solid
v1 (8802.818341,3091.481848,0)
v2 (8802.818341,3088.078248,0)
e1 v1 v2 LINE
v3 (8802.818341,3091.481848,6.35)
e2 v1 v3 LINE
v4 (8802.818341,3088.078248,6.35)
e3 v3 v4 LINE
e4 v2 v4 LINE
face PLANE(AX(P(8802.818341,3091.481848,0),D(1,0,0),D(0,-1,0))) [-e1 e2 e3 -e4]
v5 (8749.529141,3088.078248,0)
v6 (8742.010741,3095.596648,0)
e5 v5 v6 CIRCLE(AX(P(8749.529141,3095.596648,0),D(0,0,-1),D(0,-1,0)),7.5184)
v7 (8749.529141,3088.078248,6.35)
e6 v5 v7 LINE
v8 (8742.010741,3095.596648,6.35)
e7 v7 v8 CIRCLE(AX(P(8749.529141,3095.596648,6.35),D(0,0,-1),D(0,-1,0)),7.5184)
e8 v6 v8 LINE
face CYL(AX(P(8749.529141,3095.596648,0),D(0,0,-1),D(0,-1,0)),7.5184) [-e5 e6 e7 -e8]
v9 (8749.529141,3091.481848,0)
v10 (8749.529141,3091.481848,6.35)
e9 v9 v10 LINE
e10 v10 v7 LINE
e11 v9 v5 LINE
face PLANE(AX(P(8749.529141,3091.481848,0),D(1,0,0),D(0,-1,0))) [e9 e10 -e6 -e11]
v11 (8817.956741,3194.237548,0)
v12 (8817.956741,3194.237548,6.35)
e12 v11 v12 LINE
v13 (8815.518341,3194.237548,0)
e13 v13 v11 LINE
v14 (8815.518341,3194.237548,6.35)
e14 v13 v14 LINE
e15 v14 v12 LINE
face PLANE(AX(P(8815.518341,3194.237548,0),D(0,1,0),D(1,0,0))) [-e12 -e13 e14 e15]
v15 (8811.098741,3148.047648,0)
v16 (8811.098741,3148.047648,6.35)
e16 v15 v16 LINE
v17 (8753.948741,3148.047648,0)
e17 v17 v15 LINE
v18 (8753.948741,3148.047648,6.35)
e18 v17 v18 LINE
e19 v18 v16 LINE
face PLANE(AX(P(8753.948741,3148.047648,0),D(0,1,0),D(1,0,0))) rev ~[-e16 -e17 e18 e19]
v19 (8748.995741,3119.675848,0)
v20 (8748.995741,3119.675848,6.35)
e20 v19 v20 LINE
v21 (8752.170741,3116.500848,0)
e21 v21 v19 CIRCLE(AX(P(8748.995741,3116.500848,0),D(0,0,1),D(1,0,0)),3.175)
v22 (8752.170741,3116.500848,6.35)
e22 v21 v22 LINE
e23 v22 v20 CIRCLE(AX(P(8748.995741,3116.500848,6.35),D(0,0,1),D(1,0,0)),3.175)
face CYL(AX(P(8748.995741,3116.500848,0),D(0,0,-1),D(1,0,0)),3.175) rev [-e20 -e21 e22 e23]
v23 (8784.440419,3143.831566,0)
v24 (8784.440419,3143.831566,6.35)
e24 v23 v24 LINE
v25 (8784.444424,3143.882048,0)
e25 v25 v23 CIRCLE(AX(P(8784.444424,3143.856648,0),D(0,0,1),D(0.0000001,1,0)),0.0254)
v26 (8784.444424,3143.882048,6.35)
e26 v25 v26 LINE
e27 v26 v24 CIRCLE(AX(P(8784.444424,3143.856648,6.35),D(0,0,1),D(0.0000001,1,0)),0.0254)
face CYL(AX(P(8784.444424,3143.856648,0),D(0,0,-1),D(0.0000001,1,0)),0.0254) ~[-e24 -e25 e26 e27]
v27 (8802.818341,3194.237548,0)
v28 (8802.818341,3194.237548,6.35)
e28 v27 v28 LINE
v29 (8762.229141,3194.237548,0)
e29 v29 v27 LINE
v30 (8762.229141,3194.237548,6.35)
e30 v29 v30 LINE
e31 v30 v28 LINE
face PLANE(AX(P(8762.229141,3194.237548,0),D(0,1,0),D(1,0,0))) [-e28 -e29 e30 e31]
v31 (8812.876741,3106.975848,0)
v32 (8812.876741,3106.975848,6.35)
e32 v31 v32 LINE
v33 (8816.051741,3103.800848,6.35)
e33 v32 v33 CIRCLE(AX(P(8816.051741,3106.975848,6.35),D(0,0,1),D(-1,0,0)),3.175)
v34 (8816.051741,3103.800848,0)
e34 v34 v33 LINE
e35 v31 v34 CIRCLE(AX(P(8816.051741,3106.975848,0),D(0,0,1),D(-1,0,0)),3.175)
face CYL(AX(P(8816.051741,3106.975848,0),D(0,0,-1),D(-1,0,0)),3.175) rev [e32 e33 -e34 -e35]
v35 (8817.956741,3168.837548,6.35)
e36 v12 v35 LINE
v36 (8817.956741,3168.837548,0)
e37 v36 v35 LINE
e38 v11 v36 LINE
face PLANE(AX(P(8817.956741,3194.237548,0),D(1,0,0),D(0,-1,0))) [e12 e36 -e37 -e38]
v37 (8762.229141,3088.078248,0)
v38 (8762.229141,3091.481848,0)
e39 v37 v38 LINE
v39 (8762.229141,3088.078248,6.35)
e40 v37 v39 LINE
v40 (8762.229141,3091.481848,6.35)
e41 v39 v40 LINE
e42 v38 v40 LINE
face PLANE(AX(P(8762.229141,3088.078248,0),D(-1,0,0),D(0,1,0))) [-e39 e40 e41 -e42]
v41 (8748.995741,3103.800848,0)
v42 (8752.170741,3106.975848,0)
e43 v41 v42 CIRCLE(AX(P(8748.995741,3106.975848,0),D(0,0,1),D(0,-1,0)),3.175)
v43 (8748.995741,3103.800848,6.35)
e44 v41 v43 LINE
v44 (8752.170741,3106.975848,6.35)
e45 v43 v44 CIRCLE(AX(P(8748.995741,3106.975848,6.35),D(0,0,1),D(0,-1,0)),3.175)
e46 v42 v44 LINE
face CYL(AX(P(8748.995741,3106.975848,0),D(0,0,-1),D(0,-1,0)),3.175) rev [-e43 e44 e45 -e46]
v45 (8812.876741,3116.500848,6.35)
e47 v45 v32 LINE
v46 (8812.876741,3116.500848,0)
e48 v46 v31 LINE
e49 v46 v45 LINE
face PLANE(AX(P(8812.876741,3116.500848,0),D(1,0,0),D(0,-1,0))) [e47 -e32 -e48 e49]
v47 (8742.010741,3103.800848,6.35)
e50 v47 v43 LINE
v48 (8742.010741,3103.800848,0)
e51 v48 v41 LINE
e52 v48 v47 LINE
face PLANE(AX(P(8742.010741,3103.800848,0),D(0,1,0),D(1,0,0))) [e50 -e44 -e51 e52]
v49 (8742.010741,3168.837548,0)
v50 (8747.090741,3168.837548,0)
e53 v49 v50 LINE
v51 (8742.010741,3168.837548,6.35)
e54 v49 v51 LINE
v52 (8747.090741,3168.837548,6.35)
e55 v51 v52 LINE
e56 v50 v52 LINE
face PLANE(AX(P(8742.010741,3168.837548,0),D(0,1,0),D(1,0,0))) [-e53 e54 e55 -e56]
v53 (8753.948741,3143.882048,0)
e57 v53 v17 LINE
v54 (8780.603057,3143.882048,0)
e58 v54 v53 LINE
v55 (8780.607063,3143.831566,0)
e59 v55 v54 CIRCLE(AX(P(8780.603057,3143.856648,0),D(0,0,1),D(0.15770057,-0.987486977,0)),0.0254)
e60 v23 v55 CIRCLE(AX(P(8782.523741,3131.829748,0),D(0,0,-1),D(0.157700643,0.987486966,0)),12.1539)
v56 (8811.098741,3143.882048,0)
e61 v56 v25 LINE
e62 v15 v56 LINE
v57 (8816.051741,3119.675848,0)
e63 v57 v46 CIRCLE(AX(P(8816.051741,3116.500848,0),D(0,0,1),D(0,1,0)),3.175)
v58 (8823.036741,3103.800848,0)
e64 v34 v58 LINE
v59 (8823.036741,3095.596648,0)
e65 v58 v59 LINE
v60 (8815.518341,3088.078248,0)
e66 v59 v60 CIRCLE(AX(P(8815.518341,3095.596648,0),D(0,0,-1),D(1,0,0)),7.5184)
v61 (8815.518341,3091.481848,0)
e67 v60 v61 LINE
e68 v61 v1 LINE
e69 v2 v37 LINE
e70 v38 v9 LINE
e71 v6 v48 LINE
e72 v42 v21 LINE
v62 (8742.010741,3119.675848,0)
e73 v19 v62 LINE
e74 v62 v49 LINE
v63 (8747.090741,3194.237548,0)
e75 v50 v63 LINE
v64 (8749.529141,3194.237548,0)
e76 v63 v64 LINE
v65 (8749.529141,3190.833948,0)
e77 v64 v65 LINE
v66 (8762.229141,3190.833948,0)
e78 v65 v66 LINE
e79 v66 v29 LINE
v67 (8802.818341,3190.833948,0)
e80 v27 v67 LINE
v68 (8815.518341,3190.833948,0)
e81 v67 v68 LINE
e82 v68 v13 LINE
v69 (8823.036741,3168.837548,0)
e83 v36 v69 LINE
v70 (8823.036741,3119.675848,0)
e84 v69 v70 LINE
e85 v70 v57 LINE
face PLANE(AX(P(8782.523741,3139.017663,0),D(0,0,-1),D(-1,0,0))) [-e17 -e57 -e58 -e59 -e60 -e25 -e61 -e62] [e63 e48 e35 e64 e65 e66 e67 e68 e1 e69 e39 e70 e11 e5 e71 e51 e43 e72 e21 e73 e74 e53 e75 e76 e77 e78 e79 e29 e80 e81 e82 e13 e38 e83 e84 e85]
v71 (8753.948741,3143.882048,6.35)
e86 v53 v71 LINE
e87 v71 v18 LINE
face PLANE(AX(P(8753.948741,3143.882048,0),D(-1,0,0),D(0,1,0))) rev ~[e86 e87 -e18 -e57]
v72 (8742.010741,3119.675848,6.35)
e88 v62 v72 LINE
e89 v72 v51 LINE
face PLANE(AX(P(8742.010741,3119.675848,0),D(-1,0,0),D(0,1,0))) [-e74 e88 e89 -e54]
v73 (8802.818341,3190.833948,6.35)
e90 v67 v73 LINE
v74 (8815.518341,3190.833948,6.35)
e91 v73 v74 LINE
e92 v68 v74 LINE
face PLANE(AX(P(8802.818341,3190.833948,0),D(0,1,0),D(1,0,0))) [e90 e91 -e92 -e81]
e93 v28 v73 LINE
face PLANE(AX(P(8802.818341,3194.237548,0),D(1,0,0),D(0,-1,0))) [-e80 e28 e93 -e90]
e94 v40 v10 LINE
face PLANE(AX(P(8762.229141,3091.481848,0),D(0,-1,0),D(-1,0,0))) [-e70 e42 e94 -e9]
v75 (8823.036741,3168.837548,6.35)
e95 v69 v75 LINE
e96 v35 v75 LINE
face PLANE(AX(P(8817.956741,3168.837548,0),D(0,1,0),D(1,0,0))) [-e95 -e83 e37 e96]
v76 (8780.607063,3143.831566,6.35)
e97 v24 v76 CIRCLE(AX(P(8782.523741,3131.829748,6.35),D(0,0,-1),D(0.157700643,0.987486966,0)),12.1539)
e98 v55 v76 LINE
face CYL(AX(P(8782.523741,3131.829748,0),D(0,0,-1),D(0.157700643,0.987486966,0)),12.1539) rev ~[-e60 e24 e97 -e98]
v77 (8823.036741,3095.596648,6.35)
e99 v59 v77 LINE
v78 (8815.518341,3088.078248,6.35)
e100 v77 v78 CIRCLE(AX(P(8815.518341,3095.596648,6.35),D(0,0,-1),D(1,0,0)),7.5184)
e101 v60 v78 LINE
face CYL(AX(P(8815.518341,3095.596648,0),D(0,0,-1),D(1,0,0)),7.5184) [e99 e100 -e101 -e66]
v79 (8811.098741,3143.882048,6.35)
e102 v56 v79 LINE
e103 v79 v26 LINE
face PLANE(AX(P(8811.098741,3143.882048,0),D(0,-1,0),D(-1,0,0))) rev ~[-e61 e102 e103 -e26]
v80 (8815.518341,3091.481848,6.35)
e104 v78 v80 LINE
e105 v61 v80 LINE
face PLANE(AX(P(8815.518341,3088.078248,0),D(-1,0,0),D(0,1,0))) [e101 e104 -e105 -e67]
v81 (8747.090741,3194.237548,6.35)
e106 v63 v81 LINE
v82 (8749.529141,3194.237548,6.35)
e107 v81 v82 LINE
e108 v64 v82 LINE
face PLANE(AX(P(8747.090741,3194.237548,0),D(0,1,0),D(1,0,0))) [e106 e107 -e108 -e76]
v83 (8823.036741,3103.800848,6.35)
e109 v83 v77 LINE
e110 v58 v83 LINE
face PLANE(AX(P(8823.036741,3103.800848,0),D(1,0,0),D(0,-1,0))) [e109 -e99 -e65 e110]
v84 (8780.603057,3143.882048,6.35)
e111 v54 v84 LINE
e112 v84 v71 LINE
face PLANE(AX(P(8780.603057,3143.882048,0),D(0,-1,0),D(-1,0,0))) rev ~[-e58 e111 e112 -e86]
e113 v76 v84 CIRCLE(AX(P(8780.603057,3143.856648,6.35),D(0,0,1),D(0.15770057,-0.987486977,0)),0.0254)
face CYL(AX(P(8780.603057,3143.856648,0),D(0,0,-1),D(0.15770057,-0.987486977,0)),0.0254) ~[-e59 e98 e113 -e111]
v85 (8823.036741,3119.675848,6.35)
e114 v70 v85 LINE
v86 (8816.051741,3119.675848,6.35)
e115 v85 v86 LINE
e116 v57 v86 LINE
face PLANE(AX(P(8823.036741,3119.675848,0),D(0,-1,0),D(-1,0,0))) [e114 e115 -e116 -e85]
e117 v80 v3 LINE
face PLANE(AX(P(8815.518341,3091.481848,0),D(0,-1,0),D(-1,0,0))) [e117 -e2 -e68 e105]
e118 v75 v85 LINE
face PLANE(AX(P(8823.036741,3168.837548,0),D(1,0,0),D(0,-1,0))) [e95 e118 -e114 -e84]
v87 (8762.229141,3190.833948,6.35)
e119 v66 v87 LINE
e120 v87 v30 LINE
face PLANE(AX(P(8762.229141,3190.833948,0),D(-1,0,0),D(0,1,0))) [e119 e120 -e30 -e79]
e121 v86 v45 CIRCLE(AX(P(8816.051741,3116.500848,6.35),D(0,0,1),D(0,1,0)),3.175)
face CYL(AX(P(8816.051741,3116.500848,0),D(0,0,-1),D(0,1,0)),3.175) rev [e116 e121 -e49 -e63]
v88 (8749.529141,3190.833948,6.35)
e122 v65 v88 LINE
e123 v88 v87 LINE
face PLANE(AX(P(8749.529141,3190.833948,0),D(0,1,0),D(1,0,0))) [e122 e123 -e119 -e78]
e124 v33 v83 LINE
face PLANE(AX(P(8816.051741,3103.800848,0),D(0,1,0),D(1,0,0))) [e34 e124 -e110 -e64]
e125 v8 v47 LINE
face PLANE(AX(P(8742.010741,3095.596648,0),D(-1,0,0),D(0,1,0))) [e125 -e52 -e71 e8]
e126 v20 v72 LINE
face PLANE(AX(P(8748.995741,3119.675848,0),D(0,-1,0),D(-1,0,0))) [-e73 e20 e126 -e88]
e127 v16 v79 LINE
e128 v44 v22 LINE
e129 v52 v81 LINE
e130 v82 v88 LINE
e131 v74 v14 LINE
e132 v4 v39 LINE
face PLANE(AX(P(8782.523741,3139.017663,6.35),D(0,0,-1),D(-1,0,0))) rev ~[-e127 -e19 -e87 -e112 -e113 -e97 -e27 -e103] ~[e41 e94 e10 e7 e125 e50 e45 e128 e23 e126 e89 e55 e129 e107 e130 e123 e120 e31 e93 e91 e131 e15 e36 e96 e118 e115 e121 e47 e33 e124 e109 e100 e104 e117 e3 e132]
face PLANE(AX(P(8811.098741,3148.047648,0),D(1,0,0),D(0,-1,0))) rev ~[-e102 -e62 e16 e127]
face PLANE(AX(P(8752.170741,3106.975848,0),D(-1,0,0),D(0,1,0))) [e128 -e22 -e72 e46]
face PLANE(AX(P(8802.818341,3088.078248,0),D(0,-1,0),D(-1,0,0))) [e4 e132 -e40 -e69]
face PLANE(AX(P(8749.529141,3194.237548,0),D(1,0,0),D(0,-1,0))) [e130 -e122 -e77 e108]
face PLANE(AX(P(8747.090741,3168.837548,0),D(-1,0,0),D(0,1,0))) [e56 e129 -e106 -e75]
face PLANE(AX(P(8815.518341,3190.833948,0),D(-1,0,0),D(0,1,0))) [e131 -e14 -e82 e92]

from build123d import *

# Parameters (mm, degrees)
BOSS_EXTRUDE1_DEPTH = 6.35


with BuildPart() as part:
    # Sketch1 → Boss-Extrude1 (new body)
    with BuildSketch(Plane.XY):
        with BuildLine():
            Line((8823.036740753, 3168.83754785), (8823.036740753, 3119.67584785))
            Line((8823.036740753, 3119.67584785), (8816.051740753, 3119.67584785))
            ThreePointArc((8816.051740753, 3119.67584785), (8813.806676722, 3118.74591188), (8812.876740753, 3116.50084785))
            Line((8812.876740753, 3116.50084785), (8812.876740753, 3106.97584785))
            ThreePointArc((8812.876740753, 3106.97584785), (8813.806676722, 3104.73078382), (8816.051740753, 3103.80084785))
            Line((8816.051740753, 3103.80084785), (8823.036740753, 3103.80084785))
            Line((8823.036740753, 3103.80084785), (8823.036740753, 3095.59664785))
            ThreePointArc((8823.036740753, 3095.59664785), (8820.834652376, 3090.280336226), (8815.518340753, 3088.07824785))
            Line((8815.518340753, 3088.07824785), (8815.518340753, 3091.48184785))
            Line((8815.518340753, 3091.48184785), (8802.818340753, 3091.48184785))
            Line((8802.818340753, 3091.48184785), (8802.818340753, 3088.07824785))
            Line((8802.818340753, 3088.07824785), (8762.229140753, 3088.07824785))
            Line((8762.229140753, 3088.07824785), (8762.229140753, 3091.48184785))
            Line((8762.229140753, 3091.48184785), (8749.529140753, 3091.48184785))
            Line((8749.529140753, 3091.48184785), (8749.529140753, 3088.07824785))
            ThreePointArc((8749.529140753, 3088.07824785), (8744.212829129, 3090.280336226), (8742.010740753, 3095.59664785))
            Line((8742.010740753, 3095.59664785), (8742.010740753, 3103.80084785))
            Line((8742.010740753, 3103.80084785), (8748.995740753, 3103.80084785))
            ThreePointArc((8748.995740753, 3103.80084785), (8751.240804783, 3104.73078382), (8752.170740753, 3106.97584785))
            Line((8752.170740753, 3106.97584785), (8752.170740753, 3116.50084785))
            ThreePointArc((8752.170740753, 3116.50084785), (8751.240804783, 3118.74591188), (8748.995740753, 3119.67584785))
            Line((8748.995740753, 3119.67584785), (8742.010740753, 3119.67584785))
            Line((8742.010740753, 3119.67584785), (8742.010740753, 3168.83754785))
            Line((8742.010740753, 3168.83754785), (8747.090740753, 3168.83754785))
            Line((8747.090740753, 3168.83754785), (8747.090740753, 3194.23754785))
            Line((8747.090740753, 3194.23754785), (8749.529140753, 3194.23754785))
            Line((8749.529140753, 3194.23754785), (8749.529140753, 3190.83394785))
            Line((8749.529140753, 3190.83394785), (8762.229140753, 3190.83394785))
            Line((8762.229140753, 3190.83394785), (8762.229140753, 3194.23754785))
            Line((8762.229140753, 3194.23754785), (8802.818340753, 3194.23754785))
            Line((8802.818340753, 3194.23754785), (8802.818340753, 3190.83394785))
            Line((8802.818340753, 3190.83394785), (8815.518340753, 3190.83394785))
            Line((8815.518340753, 3190.83394785), (8815.518340753, 3194.23754785))
            Line((8815.518340753, 3194.23754785), (8817.956740753, 3194.23754785))
            Line((8817.956740753, 3194.23754785), (8817.956740753, 3168.83754785))
            Line((8817.956740753, 3168.83754785), (8823.036740753, 3168.83754785))
        make_face()
        with BuildLine():
            Line((8780.603057309, 3143.88204785), (8753.948740753, 3143.88204785))
            Line((8753.948740753, 3143.88204785), (8753.948740753, 3148.04764785))
            Line((8753.948740753, 3148.04764785), (8811.098740753, 3148.04764785))
            Line((8811.098740753, 3148.04764785), (8811.098740753, 3143.88204785))
            Line((8811.098740753, 3143.88204785), (8784.444424196, 3143.88204785))
            ThreePointArc((8784.444424196, 3143.88204785), (8784.419103776, 3143.858656943), (8784.440418599, 3143.831565681))
            ThreePointArc((8784.440418599, 3143.831565681), (8782.523740753, 3119.67584785), (8780.607062906, 3143.831565681))
            ThreePointArc((8780.607062906, 3143.831565681), (8780.628377729, 3143.858656943), (8780.603057309, 3143.88204785))
        make_face(mode=Mode.SUBTRACT)
    extrude(amount=BOSS_EXTRUDE1_DEPTH)


solid = part.part
